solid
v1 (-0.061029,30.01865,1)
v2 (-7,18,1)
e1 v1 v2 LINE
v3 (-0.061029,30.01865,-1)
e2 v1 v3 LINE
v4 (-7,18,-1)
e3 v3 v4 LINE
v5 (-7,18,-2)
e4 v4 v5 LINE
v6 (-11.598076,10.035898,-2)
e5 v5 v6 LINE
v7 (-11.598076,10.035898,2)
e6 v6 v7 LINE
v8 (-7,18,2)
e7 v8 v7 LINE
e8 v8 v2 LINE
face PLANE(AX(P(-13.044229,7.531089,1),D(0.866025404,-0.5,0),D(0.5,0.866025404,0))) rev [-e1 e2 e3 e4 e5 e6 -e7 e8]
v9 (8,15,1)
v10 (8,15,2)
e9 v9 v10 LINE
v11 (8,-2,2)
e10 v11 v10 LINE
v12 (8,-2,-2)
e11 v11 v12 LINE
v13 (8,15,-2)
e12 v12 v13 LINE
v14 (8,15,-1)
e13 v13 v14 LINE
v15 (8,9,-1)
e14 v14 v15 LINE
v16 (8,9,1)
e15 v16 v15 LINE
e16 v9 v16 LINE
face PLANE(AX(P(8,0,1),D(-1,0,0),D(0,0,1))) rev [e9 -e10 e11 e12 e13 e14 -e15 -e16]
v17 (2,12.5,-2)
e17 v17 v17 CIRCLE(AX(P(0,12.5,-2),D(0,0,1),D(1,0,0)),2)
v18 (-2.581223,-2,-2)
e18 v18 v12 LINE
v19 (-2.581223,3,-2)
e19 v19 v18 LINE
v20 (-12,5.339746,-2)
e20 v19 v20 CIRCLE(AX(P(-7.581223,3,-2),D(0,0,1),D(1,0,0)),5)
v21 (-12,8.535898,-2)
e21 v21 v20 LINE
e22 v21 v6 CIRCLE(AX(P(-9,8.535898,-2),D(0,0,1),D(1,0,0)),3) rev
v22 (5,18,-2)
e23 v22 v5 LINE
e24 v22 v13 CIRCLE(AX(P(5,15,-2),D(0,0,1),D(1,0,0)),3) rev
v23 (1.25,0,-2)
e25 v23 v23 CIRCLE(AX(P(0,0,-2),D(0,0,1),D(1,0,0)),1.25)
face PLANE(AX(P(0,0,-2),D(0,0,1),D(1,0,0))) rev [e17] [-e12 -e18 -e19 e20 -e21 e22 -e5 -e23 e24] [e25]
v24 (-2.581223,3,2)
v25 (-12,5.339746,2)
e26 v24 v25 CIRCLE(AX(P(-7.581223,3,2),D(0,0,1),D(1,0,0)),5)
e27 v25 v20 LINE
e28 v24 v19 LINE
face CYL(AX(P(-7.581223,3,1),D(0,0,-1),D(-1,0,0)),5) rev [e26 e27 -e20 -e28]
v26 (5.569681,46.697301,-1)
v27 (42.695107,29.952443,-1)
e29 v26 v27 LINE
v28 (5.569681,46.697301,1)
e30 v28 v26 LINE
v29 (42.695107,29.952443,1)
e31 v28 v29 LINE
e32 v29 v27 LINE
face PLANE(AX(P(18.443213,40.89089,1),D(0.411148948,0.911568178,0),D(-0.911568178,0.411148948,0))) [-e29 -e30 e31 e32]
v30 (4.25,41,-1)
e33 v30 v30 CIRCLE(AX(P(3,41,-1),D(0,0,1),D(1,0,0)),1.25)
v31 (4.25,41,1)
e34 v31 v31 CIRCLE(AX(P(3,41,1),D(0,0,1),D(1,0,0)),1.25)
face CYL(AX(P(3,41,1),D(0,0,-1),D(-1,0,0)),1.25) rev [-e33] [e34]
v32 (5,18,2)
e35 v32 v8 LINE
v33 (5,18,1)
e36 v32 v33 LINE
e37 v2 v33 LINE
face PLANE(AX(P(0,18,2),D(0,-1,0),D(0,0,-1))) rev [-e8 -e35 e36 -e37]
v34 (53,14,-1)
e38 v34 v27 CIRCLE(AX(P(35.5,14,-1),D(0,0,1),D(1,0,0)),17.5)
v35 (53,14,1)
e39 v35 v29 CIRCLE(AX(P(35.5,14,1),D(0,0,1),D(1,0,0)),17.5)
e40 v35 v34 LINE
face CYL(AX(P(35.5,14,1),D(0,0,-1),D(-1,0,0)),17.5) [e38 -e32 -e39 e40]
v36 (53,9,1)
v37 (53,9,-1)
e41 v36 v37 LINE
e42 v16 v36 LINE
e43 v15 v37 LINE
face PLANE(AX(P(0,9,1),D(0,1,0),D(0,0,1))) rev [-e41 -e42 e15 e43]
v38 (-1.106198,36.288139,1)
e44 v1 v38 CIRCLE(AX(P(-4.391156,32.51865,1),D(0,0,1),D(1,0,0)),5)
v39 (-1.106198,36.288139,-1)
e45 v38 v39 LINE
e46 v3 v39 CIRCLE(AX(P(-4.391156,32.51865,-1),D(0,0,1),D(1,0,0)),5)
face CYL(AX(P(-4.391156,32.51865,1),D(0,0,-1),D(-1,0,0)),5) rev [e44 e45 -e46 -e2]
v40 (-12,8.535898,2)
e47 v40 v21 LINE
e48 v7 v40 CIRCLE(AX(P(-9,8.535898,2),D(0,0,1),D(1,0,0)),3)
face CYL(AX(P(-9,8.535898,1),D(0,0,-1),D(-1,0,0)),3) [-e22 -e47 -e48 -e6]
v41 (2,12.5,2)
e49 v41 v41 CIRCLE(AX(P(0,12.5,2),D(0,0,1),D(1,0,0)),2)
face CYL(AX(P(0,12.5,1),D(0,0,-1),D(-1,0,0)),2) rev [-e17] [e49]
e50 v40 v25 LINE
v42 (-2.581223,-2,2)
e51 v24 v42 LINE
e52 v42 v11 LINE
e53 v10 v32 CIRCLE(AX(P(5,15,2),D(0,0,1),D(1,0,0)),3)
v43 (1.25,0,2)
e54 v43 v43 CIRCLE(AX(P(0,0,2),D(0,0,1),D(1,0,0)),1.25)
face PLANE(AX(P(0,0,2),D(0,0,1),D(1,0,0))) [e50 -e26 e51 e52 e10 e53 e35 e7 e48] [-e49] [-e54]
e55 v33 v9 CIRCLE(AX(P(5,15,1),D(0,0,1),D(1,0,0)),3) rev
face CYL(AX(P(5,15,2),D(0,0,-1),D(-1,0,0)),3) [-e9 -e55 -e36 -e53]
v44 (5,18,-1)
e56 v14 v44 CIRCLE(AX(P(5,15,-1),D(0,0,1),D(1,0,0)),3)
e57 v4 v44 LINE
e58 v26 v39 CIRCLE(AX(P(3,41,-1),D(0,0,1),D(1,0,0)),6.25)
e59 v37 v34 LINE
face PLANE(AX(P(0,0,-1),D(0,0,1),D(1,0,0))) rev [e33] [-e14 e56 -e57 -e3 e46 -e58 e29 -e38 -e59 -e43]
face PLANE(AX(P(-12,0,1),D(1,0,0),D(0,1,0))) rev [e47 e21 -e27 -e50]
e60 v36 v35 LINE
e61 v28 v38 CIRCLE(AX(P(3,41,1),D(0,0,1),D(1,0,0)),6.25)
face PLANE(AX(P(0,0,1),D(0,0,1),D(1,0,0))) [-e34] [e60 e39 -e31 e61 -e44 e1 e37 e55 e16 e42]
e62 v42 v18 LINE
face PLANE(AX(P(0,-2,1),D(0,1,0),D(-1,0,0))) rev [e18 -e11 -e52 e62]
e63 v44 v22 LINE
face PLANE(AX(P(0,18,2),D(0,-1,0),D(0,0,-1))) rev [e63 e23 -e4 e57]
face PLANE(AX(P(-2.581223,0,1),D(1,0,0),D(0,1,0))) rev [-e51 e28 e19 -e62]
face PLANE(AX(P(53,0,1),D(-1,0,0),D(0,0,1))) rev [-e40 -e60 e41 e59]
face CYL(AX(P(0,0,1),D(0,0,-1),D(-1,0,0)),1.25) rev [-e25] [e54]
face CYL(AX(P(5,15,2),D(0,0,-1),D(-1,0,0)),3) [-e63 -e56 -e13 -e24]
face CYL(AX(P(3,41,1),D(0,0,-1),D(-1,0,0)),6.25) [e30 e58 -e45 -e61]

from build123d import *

# Parameters (mm, degrees)
SKETCH1_R           = 1.25
SKETCH1_R_2         = 2
BOSS_EXTRUDE1_DEPTH = 1
SKETCH1_3_R         = 1.25
SKETCH1_3_R_2       = 2
BOSS_EXTRUDE2_DEPTH = 2
FILLET1_R           = 3


with BuildPart() as part:
    # Sketch1 → Boss-Extrude1 (new, symmetric)
    with BuildSketch(Plane.XY):
        with BuildLine():
            Line((-2.581223152, 3), (-2.581223152, -2))
            Line((-2.581223152, -2), (8, -2))
            Line((8, -2), (8, 9))
            Line((8, 9), (53, 9))
            Line((53, 9), (53, 14))
            ThreePointArc((53, 14), (50.1997341, 23.495673614), (42.695106585, 29.952443112))
            Line((42.695106585, 29.952443112), (5.569680923, 46.697301111))
            ThreePointArc((5.569680923, 46.697301111), (-2.260977773, 44.374109196), (-1.106198045, 36.288138625))
            ThreePointArc((-1.106198045, 36.288138625), (0.540780767, 33.340838667), (-0.061029462, 30.018649525))
            Line((-0.061029462, 30.018649525), (-12, 9.339745962))
            Line((-12, 9.339745962), (-12, 5.339745962))
            ThreePointArc((-12, 5.339745962), (-6.375794647, 7.852519152), (-2.581223152, 3))
        make_face()
        Circle(SKETCH1_R, mode=Mode.SUBTRACT)
        with Locations((0, 12.5)):
            Circle(SKETCH1_R_2, mode=Mode.SUBTRACT)
        with Locations((3, 41)):
            Circle(SKETCH1_R, mode=Mode.SUBTRACT)
    extrude(amount=BOSS_EXTRUDE1_DEPTH, both=True)

    # Sketch1<3> → Boss-Extrude2 (add, symmetric)
    with BuildSketch(Plane.XY):
        with BuildLine():
            Line((-2.581223152, 3), (-2.581223152, -2))
            Line((-2.581223152, -2), (8, -2))
            Line((8, -2), (8, 9))
            Line((8, 9), (8, 18))
            Line((8, 18), (-7, 18))
            Line((-7, 18), (-12, 9.339745962))
            Line((-12, 9.339745962), (-12, 5.339745962))
            ThreePointArc((-12, 5.339745962), (-6.375794647, 7.852519152), (-2.581223152, 3))
        make_face()
        Circle(SKETCH1_3_R, mode=Mode.SUBTRACT)
        with Locations((0, 12.5)):
            Circle(SKETCH1_3_R_2, mode=Mode.SUBTRACT)
    extrude(amount=BOSS_EXTRUDE2_DEPTH, both=True)

    # Fillet1
    fillet1_edges = [part.edges().sort_by_distance(p)[0] for p in [
        (-12, 9.339745962, 0),
        (8, 18, -1.5),
        (8, 18, 1.5),
    ]]
    fillet(fillet1_edges, radius=FILLET1_R)


solid = part.part
